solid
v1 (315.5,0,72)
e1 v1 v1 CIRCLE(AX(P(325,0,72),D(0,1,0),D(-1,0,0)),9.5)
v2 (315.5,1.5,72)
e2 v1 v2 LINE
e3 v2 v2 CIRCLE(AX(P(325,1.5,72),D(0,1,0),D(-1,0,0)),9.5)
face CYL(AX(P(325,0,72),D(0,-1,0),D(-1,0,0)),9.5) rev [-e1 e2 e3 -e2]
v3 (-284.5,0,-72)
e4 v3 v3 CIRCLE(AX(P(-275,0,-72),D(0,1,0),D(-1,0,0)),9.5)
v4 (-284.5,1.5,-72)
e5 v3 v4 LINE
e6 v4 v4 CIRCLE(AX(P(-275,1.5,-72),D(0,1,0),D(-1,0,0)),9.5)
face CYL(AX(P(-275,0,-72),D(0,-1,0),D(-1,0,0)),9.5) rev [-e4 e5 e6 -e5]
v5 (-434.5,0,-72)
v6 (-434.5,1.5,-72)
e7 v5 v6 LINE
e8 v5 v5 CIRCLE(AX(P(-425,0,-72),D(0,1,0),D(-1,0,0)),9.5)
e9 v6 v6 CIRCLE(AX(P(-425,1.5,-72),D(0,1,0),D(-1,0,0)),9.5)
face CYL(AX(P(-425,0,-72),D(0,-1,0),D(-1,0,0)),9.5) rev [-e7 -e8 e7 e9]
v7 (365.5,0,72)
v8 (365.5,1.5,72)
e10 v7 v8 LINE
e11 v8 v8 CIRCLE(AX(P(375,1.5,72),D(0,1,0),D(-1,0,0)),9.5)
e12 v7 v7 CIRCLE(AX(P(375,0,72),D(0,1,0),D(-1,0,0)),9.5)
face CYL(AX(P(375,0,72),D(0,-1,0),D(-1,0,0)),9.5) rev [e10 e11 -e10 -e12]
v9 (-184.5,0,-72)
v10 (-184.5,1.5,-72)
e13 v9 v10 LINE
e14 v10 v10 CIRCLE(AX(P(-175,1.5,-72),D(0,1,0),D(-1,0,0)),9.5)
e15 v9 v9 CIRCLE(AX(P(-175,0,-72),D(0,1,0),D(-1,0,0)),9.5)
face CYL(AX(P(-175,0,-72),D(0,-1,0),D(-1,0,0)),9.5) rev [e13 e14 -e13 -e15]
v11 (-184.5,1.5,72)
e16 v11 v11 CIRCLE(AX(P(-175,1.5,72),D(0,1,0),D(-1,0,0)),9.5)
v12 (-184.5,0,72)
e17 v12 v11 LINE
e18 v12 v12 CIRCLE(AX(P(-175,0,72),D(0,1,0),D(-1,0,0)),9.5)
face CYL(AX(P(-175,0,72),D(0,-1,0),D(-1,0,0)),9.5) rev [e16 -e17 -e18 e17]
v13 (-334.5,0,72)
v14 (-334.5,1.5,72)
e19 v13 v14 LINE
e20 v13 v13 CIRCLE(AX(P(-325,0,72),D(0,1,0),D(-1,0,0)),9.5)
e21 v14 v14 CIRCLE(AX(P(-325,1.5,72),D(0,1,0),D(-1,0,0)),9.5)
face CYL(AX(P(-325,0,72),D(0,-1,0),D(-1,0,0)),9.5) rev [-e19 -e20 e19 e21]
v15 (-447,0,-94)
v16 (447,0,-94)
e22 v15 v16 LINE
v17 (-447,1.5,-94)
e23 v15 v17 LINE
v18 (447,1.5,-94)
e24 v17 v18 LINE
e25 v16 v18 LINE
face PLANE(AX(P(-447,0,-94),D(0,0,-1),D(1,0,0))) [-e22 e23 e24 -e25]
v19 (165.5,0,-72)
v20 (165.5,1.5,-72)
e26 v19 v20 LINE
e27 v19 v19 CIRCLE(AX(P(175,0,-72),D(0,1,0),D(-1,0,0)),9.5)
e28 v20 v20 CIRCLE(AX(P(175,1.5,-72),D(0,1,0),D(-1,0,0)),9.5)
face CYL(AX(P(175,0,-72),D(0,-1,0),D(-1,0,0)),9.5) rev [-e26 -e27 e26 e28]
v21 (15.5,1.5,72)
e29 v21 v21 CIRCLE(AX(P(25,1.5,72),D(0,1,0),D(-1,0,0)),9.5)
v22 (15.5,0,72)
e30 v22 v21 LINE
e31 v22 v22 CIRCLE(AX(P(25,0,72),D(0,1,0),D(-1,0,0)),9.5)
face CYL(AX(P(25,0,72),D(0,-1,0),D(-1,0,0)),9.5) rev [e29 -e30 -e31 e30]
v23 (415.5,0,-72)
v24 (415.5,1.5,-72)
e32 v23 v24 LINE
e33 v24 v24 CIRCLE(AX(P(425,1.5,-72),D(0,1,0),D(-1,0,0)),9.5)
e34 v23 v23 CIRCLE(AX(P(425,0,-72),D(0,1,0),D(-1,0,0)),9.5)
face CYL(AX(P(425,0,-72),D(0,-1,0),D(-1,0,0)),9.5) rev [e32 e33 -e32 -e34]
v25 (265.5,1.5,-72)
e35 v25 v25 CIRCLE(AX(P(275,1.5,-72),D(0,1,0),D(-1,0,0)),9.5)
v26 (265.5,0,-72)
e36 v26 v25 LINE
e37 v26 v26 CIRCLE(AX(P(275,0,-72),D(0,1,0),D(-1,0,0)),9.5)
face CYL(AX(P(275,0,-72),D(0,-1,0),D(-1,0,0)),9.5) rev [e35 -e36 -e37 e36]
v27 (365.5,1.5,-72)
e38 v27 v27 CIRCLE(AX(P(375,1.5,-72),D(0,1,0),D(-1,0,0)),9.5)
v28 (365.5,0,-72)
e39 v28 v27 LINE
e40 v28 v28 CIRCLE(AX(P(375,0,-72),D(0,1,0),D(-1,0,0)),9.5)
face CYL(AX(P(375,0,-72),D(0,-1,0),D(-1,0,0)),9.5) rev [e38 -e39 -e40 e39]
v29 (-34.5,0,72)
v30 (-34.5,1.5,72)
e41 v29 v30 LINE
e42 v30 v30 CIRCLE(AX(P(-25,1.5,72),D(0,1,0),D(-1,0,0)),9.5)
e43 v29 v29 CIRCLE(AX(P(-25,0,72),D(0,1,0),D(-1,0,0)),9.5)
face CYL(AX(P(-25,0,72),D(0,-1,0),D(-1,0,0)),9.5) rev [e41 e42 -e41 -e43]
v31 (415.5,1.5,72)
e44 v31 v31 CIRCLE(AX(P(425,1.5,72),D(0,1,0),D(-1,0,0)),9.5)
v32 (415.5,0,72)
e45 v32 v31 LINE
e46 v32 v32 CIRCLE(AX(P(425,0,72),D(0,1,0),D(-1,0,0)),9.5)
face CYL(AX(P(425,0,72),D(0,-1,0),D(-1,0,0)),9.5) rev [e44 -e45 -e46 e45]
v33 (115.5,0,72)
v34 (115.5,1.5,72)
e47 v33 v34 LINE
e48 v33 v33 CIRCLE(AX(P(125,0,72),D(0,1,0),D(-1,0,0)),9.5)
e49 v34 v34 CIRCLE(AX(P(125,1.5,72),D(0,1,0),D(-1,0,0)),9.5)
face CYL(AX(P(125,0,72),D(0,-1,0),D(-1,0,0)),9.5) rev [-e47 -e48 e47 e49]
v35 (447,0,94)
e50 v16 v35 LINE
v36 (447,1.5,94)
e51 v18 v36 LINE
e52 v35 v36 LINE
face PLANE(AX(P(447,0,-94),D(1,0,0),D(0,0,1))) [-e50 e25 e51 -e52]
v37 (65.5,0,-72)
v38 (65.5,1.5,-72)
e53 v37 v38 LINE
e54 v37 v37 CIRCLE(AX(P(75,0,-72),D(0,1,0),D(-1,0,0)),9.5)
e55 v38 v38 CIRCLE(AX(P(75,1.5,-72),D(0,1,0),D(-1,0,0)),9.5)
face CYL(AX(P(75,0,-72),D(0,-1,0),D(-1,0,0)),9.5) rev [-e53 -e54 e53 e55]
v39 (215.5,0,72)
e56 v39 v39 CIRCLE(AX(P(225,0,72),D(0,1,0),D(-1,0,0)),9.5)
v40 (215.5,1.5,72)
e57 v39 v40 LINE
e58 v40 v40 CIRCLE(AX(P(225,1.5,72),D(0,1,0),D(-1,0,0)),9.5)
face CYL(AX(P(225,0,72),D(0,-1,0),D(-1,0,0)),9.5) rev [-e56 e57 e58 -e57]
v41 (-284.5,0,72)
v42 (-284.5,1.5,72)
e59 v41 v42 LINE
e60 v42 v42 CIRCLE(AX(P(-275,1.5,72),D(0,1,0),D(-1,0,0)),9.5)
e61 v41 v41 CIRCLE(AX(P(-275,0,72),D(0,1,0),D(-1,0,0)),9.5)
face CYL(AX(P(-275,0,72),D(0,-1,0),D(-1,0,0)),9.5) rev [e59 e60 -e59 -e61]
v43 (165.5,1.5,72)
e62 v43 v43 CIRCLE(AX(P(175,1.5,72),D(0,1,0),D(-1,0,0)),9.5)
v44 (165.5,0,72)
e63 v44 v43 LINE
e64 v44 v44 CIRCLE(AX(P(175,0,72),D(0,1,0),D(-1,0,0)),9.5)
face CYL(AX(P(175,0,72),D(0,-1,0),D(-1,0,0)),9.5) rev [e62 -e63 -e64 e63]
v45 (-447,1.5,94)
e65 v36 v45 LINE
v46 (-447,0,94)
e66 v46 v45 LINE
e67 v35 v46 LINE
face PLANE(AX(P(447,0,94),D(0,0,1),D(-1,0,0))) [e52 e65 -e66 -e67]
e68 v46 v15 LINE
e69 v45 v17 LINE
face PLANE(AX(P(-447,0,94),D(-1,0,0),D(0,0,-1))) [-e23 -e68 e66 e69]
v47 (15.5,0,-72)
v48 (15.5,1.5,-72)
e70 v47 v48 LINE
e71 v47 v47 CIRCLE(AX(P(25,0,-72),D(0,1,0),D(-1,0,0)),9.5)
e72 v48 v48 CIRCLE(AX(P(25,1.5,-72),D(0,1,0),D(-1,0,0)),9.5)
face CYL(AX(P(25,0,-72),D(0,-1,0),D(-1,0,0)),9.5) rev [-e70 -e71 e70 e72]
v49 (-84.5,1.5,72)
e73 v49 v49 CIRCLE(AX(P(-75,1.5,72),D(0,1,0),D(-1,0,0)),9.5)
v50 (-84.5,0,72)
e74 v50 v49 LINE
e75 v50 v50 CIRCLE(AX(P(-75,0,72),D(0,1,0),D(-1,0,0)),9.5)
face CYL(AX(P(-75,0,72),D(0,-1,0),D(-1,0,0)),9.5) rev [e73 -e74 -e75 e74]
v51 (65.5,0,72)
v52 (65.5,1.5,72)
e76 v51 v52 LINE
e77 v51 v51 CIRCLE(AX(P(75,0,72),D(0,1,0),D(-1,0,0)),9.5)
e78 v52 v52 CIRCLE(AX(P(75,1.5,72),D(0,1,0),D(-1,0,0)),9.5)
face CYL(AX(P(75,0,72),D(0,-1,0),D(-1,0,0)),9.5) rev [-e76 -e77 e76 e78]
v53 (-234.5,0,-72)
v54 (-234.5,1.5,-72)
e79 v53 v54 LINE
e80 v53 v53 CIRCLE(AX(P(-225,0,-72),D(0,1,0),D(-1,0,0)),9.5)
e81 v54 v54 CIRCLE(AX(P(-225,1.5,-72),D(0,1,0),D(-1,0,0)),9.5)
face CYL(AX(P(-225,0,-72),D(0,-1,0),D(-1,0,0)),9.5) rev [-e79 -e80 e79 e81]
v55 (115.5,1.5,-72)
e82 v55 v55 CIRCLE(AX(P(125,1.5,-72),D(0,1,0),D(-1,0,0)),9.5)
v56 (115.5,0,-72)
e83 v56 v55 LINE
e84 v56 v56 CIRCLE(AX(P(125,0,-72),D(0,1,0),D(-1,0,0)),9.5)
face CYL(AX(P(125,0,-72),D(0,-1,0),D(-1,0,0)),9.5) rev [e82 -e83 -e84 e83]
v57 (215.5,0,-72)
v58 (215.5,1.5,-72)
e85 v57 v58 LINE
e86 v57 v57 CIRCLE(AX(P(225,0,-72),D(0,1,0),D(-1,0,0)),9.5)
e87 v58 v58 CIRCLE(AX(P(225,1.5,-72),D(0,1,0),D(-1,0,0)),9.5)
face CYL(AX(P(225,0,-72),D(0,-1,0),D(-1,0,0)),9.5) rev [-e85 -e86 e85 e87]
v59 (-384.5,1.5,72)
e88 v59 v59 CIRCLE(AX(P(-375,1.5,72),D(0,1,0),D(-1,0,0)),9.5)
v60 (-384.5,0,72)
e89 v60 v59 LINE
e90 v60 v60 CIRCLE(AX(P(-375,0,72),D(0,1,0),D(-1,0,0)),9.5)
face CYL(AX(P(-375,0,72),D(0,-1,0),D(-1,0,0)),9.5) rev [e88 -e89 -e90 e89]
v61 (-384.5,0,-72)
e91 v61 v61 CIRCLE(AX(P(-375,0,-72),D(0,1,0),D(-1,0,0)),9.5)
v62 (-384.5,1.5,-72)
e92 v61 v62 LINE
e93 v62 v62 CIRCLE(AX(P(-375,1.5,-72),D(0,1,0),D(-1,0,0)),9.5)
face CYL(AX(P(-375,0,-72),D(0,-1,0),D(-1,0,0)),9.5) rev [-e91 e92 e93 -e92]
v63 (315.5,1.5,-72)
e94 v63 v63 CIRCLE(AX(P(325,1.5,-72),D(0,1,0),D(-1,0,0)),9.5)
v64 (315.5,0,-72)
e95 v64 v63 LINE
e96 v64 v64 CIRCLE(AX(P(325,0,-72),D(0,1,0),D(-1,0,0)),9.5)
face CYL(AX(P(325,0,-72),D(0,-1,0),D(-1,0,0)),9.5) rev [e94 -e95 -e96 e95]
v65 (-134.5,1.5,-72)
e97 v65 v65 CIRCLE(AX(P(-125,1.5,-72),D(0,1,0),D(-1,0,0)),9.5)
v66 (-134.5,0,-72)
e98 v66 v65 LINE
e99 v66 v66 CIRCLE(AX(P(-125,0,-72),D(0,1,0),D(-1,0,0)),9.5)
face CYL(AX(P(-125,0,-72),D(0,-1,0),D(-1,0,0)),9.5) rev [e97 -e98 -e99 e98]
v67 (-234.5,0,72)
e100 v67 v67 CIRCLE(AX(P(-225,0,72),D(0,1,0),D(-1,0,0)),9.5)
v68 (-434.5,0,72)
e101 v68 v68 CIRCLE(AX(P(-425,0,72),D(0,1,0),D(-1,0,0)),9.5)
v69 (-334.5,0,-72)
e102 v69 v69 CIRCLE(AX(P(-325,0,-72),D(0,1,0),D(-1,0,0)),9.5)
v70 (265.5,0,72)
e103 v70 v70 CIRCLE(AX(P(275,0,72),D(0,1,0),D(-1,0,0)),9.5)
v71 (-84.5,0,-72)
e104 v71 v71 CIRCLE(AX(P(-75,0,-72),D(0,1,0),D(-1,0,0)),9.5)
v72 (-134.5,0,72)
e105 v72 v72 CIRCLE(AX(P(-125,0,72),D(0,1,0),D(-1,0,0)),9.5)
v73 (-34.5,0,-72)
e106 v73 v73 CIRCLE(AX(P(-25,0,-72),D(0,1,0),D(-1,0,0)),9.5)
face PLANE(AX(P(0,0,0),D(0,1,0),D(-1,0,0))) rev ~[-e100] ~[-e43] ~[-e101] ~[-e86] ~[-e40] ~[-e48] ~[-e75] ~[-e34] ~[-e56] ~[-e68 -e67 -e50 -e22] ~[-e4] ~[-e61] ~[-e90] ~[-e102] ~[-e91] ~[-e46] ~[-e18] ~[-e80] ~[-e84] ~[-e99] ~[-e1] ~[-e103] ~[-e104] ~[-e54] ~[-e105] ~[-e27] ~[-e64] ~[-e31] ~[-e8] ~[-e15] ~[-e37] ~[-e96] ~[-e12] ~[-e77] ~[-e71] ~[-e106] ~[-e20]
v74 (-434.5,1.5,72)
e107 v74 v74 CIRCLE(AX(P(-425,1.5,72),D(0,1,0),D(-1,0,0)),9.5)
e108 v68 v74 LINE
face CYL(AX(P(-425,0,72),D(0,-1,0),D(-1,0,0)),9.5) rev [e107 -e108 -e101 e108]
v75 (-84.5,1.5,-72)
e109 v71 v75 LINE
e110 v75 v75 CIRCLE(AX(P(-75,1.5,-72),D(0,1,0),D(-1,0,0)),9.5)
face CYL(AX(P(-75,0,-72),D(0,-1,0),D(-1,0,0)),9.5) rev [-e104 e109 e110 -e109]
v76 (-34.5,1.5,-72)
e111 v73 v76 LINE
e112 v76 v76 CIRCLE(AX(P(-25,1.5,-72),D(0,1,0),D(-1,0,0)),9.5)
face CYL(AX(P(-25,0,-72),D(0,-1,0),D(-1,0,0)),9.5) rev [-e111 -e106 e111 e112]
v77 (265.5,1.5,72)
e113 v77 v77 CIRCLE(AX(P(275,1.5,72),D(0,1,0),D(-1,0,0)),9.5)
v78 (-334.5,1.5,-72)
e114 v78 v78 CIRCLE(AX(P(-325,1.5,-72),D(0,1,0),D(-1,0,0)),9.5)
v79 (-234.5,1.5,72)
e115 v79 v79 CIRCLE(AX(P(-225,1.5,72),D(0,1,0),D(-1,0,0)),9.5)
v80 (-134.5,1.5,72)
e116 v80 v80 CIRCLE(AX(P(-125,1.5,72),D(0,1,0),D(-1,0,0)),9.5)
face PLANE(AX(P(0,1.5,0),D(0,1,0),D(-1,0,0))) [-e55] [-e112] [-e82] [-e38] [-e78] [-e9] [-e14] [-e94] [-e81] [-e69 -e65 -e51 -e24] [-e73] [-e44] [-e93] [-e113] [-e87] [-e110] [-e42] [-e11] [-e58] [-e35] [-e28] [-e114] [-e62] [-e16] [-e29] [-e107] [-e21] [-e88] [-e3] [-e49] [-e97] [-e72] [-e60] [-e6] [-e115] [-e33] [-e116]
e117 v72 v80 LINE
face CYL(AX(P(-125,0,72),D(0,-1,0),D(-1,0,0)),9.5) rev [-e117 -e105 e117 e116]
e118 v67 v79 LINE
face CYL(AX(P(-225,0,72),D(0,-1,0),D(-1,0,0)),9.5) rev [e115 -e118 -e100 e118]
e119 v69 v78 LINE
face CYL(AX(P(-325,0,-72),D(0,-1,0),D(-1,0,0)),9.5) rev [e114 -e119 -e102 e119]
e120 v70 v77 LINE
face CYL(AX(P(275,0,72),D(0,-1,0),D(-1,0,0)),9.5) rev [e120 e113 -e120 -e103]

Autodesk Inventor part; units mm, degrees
ref_plane "YZ Plane" through (0, 0, 0) normal (1, 0, 0) x (0, 1, 0)
ref_plane "XZ Plane" through (0, 0, 0) normal (0, 1, 0) x (-1, 0, 0)
ref_plane "XY Plane" through (0, 0, 0) normal (0, 0, 1) x (1, 0, 0)
sketch "Foam Scheme" plane through (0, 0, 0) normal (0, 1, 0) x (-1, 0, 0)
  line L0 (447, -94) -> (-447, -94)
  line L1 (-447, -94) -> (-447, 94)
  line L2 (-447, 94) -> (447, 94)
  line L3 (447, 94) -> (447, -94)
  circle A0 centre (425, -72) radius 9.5
  circle A1 centre (375, -72) radius 9.5
  circle A2 centre (325, -72) radius 9.5
  circle A3 centre (275, -72) radius 9.5
  circle A4 centre (225, -72) radius 9.5
  circle A5 centre (175, -72) radius 9.5
  circle A6 centre (125, -72) radius 9.5
  circle A7 centre (75, -72) radius 9.5
  circle A8 centre (25, -72) radius 9.5
  circle A9 centre (-25, -72) radius 9.5
  circle A10 centre (-75, -72) radius 9.5
  circle A11 centre (-125, -72) radius 9.5
  circle A12 centre (-175, -72) radius 9.5
  circle A13 centre (-225, -72) radius 9.5
  circle A14 centre (-275, -72) radius 9.5
  circle A15 centre (-325, -72) radius 9.5
  circle A16 centre (-375, -72) radius 9.5
  circle A17 centre (-425, -72) radius 9.5
  circle A18 centre (425, 72) radius 9.5
  circle A19 centre (375, 72) radius 9.5
  circle A20 centre (325, 72) radius 9.5
  circle A21 centre (275, 72) radius 9.5
  circle A22 centre (225, 72) radius 9.5
  circle A23 centre (175, 72) radius 9.5
  circle A24 centre (125, 72) radius 9.5
  circle A25 centre (75, 72) radius 9.5
  circle A26 centre (25, 72) radius 9.5
  circle A27 centre (-25, 72) radius 9.5
  circle A28 centre (-75, 72) radius 9.5
  circle A29 centre (-125, 72) radius 9.5
  circle A30 centre (-175, 72) radius 9.5
  circle A31 centre (-225, 72) radius 9.5
  circle A32 centre (-275, 72) radius 9.5
  circle A33 centre (-325, 72) radius 9.5
  circle A34 centre (-375, 72) radius 9.5
  circle A35 centre (-425, 72) radius 9.5
  point P0 (0, 0)
  dimension "d0" = 894
  dimension "d1" = 447
  dimension "d2" = 188
  dimension "d3" = 94
  dimension "d4" = 19
  dimension "d5" = 22
  dimension "d6" = 22
  dimension "d9" = 50
  dimension "d12" = 144
extrude "Foam Body" add sketch "Foam Scheme" along normal blind 1.5
equation "\"d1\" = 0.5 * d0"
equation "\"d3\" = 0.5 * d2"
properties part number "Foam NPS 6" material "Rubber, Silicone"
